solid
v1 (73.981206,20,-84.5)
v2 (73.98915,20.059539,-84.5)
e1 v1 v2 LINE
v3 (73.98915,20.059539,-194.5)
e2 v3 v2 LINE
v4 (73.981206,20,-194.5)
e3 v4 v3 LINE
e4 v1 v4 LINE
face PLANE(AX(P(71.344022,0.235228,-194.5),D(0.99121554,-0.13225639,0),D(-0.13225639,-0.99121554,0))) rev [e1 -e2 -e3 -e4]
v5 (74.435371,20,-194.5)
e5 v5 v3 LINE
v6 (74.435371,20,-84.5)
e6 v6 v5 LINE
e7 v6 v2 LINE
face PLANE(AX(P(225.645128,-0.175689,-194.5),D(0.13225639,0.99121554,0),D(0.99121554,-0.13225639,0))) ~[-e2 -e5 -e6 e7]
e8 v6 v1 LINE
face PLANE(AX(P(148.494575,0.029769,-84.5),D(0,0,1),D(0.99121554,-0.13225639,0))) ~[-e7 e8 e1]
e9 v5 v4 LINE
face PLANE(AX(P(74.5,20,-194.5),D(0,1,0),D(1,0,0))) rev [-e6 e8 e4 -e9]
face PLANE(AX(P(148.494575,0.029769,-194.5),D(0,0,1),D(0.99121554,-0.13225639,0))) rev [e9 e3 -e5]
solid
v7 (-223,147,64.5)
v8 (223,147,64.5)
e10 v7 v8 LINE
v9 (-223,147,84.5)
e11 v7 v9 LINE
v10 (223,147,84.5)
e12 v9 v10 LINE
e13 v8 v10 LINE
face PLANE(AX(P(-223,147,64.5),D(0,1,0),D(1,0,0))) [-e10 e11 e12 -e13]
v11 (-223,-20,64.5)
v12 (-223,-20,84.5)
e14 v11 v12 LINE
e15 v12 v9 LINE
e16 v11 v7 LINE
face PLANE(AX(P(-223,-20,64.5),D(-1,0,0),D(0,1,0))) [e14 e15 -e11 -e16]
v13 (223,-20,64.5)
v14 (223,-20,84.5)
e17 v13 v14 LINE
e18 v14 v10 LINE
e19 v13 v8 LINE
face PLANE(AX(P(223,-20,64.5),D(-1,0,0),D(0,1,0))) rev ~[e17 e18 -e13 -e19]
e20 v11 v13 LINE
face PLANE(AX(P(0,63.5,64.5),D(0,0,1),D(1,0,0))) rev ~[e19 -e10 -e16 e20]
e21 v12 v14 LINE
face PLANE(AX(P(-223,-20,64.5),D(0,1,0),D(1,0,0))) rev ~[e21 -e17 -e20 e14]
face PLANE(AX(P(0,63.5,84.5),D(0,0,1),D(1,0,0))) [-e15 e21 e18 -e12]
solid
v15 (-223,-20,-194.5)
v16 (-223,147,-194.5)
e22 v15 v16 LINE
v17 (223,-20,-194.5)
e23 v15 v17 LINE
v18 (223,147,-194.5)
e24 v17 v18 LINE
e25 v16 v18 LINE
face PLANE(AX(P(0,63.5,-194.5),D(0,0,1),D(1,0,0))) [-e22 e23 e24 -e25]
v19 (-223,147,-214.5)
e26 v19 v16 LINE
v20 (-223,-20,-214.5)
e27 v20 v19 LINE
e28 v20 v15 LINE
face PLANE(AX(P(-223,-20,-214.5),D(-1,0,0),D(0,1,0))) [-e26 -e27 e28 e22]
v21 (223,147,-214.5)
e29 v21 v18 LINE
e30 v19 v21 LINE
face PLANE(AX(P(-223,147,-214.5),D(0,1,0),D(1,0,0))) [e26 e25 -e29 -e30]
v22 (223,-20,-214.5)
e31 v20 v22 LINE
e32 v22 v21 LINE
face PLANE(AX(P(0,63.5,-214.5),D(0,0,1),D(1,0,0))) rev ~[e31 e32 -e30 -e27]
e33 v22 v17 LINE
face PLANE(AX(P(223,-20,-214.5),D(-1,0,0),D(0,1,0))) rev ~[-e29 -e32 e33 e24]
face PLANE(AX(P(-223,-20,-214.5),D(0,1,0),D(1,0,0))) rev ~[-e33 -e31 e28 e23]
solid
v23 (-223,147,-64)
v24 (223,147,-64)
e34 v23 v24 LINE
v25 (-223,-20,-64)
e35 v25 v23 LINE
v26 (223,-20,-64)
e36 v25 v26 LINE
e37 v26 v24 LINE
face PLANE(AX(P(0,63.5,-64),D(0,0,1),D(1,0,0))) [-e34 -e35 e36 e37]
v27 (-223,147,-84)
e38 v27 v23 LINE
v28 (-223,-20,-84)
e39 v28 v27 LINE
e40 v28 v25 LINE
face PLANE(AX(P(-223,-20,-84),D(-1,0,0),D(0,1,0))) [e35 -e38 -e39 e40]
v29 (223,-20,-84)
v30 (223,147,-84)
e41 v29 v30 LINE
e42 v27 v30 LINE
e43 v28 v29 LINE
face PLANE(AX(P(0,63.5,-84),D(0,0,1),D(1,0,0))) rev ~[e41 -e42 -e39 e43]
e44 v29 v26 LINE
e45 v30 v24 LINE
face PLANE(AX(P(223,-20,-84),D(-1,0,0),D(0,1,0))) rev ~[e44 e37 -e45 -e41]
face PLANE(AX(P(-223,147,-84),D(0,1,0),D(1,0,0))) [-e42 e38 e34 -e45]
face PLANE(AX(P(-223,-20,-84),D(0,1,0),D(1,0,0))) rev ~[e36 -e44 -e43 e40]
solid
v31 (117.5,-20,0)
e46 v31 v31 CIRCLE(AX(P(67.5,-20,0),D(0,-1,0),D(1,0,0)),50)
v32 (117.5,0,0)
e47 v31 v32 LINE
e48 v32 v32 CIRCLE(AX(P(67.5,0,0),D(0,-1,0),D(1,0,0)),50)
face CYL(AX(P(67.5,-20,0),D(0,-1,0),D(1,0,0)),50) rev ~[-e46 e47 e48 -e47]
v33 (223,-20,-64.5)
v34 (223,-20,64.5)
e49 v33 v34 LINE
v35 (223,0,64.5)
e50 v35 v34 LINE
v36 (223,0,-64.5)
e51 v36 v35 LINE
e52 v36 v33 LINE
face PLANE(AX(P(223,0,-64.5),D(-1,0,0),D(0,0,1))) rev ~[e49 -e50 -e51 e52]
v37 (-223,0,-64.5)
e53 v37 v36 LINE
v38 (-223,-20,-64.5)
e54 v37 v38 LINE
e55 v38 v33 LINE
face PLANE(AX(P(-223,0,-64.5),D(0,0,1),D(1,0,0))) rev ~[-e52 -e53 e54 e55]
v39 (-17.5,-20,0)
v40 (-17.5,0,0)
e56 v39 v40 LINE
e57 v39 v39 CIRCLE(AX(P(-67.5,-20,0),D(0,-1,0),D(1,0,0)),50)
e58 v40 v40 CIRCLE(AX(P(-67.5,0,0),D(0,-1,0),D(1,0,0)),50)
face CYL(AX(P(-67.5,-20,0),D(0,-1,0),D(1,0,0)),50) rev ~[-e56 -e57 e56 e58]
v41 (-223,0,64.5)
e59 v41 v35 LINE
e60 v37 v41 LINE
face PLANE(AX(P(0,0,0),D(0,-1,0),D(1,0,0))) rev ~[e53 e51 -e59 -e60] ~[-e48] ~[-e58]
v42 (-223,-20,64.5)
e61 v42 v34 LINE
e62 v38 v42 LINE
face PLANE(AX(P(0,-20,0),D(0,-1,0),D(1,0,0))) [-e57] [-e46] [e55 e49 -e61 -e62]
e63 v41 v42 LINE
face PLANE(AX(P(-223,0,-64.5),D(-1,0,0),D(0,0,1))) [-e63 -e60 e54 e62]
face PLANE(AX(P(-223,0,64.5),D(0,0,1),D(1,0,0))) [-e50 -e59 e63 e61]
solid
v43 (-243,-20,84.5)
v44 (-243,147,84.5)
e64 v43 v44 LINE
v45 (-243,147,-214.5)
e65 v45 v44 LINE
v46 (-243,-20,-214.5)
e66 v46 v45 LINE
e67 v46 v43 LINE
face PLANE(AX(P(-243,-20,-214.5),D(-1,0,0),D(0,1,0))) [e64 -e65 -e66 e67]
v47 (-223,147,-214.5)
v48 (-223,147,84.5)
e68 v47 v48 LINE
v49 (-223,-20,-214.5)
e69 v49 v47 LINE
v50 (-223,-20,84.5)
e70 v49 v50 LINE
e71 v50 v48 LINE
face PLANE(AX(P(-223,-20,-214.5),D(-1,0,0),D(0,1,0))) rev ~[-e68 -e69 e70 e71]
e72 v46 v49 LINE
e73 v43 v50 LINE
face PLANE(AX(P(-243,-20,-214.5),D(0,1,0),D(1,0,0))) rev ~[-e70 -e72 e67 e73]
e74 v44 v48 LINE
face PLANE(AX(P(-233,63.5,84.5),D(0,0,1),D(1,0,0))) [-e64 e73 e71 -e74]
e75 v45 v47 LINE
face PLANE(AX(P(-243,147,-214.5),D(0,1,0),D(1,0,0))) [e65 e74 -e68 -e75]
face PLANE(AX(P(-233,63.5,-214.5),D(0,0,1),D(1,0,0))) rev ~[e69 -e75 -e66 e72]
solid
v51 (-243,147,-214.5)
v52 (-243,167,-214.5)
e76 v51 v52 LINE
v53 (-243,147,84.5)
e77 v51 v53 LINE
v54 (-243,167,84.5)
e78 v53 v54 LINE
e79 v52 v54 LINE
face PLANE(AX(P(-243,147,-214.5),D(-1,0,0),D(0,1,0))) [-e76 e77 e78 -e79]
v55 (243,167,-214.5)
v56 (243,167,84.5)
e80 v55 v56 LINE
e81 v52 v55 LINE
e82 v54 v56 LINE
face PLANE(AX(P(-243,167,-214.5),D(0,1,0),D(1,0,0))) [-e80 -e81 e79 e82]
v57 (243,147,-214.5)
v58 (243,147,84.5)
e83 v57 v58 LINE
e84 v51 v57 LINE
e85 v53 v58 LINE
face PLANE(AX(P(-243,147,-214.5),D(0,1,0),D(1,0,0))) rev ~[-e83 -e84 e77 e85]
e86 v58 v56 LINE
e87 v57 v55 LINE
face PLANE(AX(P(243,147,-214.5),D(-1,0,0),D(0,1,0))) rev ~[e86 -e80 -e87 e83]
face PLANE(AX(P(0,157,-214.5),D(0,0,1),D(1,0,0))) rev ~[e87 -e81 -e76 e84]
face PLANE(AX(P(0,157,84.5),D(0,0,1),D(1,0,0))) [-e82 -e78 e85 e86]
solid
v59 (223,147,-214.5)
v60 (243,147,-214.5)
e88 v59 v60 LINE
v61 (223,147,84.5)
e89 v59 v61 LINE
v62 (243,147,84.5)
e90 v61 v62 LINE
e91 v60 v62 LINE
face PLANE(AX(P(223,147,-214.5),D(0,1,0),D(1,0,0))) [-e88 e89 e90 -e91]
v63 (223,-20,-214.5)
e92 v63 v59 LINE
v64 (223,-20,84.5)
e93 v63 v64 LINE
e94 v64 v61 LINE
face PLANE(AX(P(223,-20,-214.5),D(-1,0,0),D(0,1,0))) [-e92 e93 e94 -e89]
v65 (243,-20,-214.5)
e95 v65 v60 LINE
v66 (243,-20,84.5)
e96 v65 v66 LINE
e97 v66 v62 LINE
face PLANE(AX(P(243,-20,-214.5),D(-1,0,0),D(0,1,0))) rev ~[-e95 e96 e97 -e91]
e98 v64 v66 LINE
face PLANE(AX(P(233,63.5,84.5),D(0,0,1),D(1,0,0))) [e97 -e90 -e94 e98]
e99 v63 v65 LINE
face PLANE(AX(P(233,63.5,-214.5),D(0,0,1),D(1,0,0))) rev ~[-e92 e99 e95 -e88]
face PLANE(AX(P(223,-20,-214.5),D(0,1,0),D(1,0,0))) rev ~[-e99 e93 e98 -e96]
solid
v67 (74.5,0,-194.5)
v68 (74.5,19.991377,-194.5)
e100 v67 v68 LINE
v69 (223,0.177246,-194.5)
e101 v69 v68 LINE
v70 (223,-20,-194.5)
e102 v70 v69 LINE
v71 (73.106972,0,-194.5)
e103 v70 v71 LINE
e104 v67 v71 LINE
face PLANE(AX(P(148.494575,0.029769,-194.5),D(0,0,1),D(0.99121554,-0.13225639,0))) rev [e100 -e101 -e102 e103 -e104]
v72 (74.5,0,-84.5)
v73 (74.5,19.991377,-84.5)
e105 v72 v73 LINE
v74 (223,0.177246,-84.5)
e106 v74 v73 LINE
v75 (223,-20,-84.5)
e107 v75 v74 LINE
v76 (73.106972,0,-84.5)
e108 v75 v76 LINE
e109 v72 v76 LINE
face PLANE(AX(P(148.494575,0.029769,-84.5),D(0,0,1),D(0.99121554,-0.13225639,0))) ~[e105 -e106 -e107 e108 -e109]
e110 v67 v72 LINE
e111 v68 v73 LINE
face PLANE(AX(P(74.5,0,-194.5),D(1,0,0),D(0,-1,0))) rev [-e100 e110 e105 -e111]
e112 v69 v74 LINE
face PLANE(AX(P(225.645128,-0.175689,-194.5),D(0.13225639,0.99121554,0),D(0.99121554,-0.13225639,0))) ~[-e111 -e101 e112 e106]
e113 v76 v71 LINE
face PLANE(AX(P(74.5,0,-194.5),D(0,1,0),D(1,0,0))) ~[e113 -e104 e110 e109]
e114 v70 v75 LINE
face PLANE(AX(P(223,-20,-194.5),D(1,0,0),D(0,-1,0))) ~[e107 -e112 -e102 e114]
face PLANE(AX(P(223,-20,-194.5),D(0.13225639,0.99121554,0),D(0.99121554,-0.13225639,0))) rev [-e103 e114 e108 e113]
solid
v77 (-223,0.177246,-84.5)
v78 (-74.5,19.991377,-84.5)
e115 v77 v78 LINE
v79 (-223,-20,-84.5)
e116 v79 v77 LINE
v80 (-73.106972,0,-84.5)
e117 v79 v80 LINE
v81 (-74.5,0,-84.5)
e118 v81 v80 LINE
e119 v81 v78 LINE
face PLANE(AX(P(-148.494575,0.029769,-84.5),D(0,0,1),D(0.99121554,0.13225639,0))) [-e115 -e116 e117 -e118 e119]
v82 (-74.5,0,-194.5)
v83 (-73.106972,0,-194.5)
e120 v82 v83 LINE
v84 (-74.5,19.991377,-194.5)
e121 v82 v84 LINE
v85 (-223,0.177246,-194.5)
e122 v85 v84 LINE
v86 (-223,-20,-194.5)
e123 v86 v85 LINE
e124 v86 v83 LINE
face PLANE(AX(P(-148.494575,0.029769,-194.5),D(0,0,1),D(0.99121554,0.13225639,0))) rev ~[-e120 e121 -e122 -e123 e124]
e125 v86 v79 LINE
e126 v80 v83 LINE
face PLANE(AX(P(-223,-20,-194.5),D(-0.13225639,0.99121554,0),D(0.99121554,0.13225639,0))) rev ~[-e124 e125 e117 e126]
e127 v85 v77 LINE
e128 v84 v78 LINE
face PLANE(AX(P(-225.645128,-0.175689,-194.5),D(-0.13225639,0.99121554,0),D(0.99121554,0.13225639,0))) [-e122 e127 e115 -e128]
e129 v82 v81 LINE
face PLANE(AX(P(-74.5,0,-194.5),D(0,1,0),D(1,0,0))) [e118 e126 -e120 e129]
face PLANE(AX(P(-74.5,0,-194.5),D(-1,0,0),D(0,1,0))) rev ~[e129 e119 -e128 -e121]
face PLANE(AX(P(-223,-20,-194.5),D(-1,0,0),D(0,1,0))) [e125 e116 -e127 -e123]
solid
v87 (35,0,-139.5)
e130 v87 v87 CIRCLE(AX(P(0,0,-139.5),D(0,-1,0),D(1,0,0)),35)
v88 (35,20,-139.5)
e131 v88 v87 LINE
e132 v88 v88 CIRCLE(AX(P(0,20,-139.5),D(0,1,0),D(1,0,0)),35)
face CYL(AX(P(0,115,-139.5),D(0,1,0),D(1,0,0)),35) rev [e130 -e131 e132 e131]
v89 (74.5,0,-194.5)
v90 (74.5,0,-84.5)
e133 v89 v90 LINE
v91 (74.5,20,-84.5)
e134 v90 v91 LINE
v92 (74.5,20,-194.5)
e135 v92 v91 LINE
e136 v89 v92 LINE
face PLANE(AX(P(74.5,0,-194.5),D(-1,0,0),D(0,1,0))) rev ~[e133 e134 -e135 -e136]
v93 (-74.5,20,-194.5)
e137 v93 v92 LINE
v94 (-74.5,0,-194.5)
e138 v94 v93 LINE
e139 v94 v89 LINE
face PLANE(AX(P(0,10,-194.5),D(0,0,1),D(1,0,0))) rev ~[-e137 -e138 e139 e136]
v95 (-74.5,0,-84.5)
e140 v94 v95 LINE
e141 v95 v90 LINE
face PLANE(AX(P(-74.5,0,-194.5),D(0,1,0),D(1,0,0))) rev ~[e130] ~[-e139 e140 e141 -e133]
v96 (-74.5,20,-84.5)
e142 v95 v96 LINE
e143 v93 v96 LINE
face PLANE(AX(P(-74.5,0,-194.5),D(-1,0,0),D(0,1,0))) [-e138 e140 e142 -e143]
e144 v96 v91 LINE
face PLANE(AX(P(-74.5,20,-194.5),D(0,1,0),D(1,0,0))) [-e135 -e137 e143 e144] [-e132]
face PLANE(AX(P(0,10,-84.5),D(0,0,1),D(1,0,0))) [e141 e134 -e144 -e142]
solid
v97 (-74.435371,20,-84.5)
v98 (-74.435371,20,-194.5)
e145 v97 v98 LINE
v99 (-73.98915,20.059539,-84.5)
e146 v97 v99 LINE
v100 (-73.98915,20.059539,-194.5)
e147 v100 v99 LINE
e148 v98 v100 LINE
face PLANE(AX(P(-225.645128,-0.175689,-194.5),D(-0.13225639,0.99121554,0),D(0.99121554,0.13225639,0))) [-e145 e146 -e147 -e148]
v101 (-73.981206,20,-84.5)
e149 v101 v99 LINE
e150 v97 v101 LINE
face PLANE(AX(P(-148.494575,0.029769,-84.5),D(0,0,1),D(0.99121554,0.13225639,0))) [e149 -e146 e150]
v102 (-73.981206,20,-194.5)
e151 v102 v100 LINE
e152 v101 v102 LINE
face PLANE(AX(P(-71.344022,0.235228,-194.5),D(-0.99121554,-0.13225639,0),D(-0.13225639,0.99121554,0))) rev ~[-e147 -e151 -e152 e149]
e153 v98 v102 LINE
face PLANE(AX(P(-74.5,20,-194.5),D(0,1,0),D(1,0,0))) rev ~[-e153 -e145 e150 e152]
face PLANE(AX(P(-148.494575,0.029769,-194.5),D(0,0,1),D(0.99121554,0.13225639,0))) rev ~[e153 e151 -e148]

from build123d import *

# Parameters (mm, degrees)
SKETCH_W               = 446
SKETCH_H               = 129
PAD_DEPTH              = 20
SKETCH001_R            = 50
POCKET_DEPTH           = 20.001
BOX_W                  = 20
BOX_H                  = 167
BOX_DEPTH              = 299
BOX001_W               = 20
BOX001_H               = 167
BOX001_DEPTH           = 299
BOX002_W               = 446
BOX002_H               = 167
BOX002_DEPTH           = 20
BOX003_W               = 486
BOX003_H               = 20
BOX003_DEPTH           = 299
BOX004_W               = 446
BOX004_H               = 167
BOX004_DEPTH           = 20
BOX006_W               = 446
BOX006_H               = 167
BOX006_DEPTH           = 20
CYLINDER_R             = 35
CYLINDER_DEPTH         = 115
CYLINDER_ROLL_ANGLE    = 90
BOX005_W               = 149
BOX005_H               = 20
BOX005_DEPTH           = 110
BOX008_W               = 10
BOX008_H               = 20
BOX008_DEPTH           = 110
BOX009_W               = 20
BOX009_H               = 21
BOX009_DEPTH           = 110
BOX007_W               = 153
BOX007_H               = 20
BOX007_DEPTH           = 110
BOX007_PLACEMENT_ANGLE = 7.6
BOX012_W               = 10
BOX012_H               = 20
BOX012_DEPTH           = 110
BOX011_W               = 20
BOX011_H               = 21
BOX011_DEPTH           = 110
BOX010_W               = 153
BOX010_H               = 20
BOX010_DEPTH           = 110
BOX010_PLACEMENT_ANGLE = 7.6


with BuildPart() as face_avant_sup:
    # Sketch → Pad (new body)
    with BuildSketch(Plane.XZ):
        Rectangle(SKETCH_W, SKETCH_H)
    extrude(amount=PAD_DEPTH)

    # Sketch001 (on Face6 of Pad) → Pocket (cut, through all)
    with BuildSketch(Plane.XZ.offset(20)):
        with Locations((-67.5, 0)):
            Circle(SKETCH001_R)
        with Locations((67.5, 0)):
            Circle(SKETCH001_R)
    extrude(amount=-POCKET_DEPTH, mode=Mode.SUBTRACT)


with BuildPart() as face_gauche:
    # Box → Box (new body)
    with BuildSketch(Plane(origin=(-243, -20, -214.5), x_dir=(1, 0, 0), z_dir=(0, 0, 1))):
        with Locations((10, 83.5)):
            Rectangle(BOX_W, BOX_H)
    extrude(amount=BOX_DEPTH)


with BuildPart() as face_droite:
    # Box001 → Box001 (new body)
    with BuildSketch(Plane(origin=(223, -20, -214.5), x_dir=(1, 0, 0), z_dir=(0, 0, 1))):
        with Locations((10, 83.5)):
            Rectangle(BOX001_W, BOX001_H)
    extrude(amount=BOX001_DEPTH)


with BuildPart() as face_haute:
    # Box002 → Box002 (new body)
    with BuildSketch(Plane(origin=(-223, -20, 64.5), x_dir=(1, 0, 0), z_dir=(0, 0, 1))):
        with Locations((223, 83.5)):
            Rectangle(BOX002_W, BOX002_H)
    extrude(amount=BOX002_DEPTH)


with BuildPart() as face_fond:
    # Box003 → Box003 (new body)
    with BuildSketch(Plane(origin=(-243, 147, -214.5), x_dir=(1, 0, 0), z_dir=(0, 0, 1))):
        with Locations((243, 10)):
            Rectangle(BOX003_W, BOX003_H)
    extrude(amount=BOX003_DEPTH)


with BuildPart() as face_basse:
    # Box004 → Box004 (new body)
    with BuildSketch(Plane(origin=(-223, -20, -214.5), x_dir=(1, 0, 0), z_dir=(0, 0, 1))):
        with Locations((223, 83.5)):
            Rectangle(BOX004_W, BOX004_H)
    extrude(amount=BOX004_DEPTH)


with BuildPart() as face_interm_diaire:
    # Box006 → Box006 (new body)
    with BuildSketch(Plane(origin=(-223, -20, -84), x_dir=(1, 0, 0), z_dir=(0, 0, 1))):
        with Locations((223, 83.5)):
            Rectangle(BOX006_W, BOX006_H)
    extrude(amount=BOX006_DEPTH)


with BuildPart() as bass_reflex:
    # Cylinder → Cylinder (new body)
    with BuildSketch(Plane.XY):
        Circle(CYLINDER_R)
    extrude(amount=CYLINDER_DEPTH)


with BuildPart() as bass_reflex_1:
    # Cylinder roll: moved
    add(bass_reflex.part.rotate(Axis((0, 0, 0), (1, 0, 0)), CYLINDER_ROLL_ANGLE))


with BuildPart() as bass_reflex_2:
    # Cylinder placement: moved
    add(bass_reflex_1.part.moved(Location((0, 115, -139.5))))


with BuildPart() as avant_bass_reflex:
    # Box005 → Box005 (new body)
    with BuildSketch(Plane(origin=(-74.5, 0, -194.5), x_dir=(1, 0, 0), z_dir=(0, 0, 1))):
        with Locations((74.5, 10)):
            Rectangle(BOX005_W, BOX005_H)
    extrude(amount=BOX005_DEPTH)

    # Cut: cut Bass Reflex
    add(bass_reflex_2.part, mode=Mode.SUBTRACT)


with BuildPart() as coupe1:
    # Box008 → Box008 (new body)
    with BuildSketch(Plane(origin=(-74.5, 0, -194.5), x_dir=(1, 0, 0), z_dir=(0, 0, 1))):
        with Locations((5, 10)):
            Rectangle(BOX008_W, BOX008_H)
    extrude(amount=BOX008_DEPTH)


with BuildPart() as coupe2:
    # Box009 → Box009 (new body)
    with BuildSketch(Plane(origin=(-243, -20, -194.5), x_dir=(1, 0, 0), z_dir=(0, 0, 1))):
        with Locations((10, 10.5)):
            Rectangle(BOX009_W, BOX009_H)
    extrude(amount=BOX009_DEPTH)


with BuildPart() as coupe_avant_gauche:
    # Box007 → Box007 (new body)
    with BuildSketch(Plane.XY):
        with Locations((76.5, 10)):
            Rectangle(BOX007_W, BOX007_H)
    extrude(amount=BOX007_DEPTH)


with BuildPart() as coupe_avant_gauche_1:
    # Box007 placement: moved
    add(coupe_avant_gauche.part.moved(Location((-223, -20, -194.5))).rotate(Axis((-223, -20, -194.5), (0, 0, 1)), BOX007_PLACEMENT_ANGLE))

    # Cut001: cut Coupe2
    add(coupe2.part, mode=Mode.SUBTRACT)

    # Cut002: cut Coupe1
    add(coupe1.part, mode=Mode.SUBTRACT)


with BuildPart() as coupe004:
    # Box012 → Box012 (new body)
    with BuildSketch(Plane(origin=(-74.5, 0, -194.5), x_dir=(1, 0, 0), z_dir=(0, 0, 1))):
        with Locations((5, 10)):
            Rectangle(BOX012_W, BOX012_H)
    extrude(amount=BOX012_DEPTH)


with BuildPart() as coupe003:
    # Box011 → Box011 (new body)
    with BuildSketch(Plane(origin=(-243, -20, -194.5), x_dir=(1, 0, 0), z_dir=(0, 0, 1))):
        with Locations((10, 10.5)):
            Rectangle(BOX011_W, BOX011_H)
    extrude(amount=BOX011_DEPTH)


with BuildPart() as coupe_avant_droit:
    # Box010 → Box010 (new body)
    with BuildSketch(Plane.XY):
        with Locations((76.5, 10)):
            Rectangle(BOX010_W, BOX010_H)
    extrude(amount=BOX010_DEPTH)


with BuildPart() as coupe_avant_droit_1:
    # Box010 placement: moved
    add(coupe_avant_droit.part.moved(Location((-223, -20, -194.5))).rotate(Axis((-223, -20, -194.5), (0, 0, 1)), BOX010_PLACEMENT_ANGLE))

    # Cut004: cut Coupe003
    add(coupe003.part, mode=Mode.SUBTRACT)

    # Cut003: cut Coupe004
    add(coupe004.part, mode=Mode.SUBTRACT)


with BuildPart() as coupe_avant_droit001:
    # Part__Mirroring: instance of Coupe avant droit
    add(coupe_avant_droit_1.part.mirror(Plane(origin=(0, 0, 0), x_dir=(0, -1, 0), z_dir=(1, 0, 0))))


solid = Compound([face_avant_sup.part, face_gauche.part, face_droite.part, face_haute.part, face_fond.part, face_basse.part, face_interm_diaire.part, avant_bass_reflex.part, coupe_avant_gauche_1.part, coupe_avant_droit001.part])
